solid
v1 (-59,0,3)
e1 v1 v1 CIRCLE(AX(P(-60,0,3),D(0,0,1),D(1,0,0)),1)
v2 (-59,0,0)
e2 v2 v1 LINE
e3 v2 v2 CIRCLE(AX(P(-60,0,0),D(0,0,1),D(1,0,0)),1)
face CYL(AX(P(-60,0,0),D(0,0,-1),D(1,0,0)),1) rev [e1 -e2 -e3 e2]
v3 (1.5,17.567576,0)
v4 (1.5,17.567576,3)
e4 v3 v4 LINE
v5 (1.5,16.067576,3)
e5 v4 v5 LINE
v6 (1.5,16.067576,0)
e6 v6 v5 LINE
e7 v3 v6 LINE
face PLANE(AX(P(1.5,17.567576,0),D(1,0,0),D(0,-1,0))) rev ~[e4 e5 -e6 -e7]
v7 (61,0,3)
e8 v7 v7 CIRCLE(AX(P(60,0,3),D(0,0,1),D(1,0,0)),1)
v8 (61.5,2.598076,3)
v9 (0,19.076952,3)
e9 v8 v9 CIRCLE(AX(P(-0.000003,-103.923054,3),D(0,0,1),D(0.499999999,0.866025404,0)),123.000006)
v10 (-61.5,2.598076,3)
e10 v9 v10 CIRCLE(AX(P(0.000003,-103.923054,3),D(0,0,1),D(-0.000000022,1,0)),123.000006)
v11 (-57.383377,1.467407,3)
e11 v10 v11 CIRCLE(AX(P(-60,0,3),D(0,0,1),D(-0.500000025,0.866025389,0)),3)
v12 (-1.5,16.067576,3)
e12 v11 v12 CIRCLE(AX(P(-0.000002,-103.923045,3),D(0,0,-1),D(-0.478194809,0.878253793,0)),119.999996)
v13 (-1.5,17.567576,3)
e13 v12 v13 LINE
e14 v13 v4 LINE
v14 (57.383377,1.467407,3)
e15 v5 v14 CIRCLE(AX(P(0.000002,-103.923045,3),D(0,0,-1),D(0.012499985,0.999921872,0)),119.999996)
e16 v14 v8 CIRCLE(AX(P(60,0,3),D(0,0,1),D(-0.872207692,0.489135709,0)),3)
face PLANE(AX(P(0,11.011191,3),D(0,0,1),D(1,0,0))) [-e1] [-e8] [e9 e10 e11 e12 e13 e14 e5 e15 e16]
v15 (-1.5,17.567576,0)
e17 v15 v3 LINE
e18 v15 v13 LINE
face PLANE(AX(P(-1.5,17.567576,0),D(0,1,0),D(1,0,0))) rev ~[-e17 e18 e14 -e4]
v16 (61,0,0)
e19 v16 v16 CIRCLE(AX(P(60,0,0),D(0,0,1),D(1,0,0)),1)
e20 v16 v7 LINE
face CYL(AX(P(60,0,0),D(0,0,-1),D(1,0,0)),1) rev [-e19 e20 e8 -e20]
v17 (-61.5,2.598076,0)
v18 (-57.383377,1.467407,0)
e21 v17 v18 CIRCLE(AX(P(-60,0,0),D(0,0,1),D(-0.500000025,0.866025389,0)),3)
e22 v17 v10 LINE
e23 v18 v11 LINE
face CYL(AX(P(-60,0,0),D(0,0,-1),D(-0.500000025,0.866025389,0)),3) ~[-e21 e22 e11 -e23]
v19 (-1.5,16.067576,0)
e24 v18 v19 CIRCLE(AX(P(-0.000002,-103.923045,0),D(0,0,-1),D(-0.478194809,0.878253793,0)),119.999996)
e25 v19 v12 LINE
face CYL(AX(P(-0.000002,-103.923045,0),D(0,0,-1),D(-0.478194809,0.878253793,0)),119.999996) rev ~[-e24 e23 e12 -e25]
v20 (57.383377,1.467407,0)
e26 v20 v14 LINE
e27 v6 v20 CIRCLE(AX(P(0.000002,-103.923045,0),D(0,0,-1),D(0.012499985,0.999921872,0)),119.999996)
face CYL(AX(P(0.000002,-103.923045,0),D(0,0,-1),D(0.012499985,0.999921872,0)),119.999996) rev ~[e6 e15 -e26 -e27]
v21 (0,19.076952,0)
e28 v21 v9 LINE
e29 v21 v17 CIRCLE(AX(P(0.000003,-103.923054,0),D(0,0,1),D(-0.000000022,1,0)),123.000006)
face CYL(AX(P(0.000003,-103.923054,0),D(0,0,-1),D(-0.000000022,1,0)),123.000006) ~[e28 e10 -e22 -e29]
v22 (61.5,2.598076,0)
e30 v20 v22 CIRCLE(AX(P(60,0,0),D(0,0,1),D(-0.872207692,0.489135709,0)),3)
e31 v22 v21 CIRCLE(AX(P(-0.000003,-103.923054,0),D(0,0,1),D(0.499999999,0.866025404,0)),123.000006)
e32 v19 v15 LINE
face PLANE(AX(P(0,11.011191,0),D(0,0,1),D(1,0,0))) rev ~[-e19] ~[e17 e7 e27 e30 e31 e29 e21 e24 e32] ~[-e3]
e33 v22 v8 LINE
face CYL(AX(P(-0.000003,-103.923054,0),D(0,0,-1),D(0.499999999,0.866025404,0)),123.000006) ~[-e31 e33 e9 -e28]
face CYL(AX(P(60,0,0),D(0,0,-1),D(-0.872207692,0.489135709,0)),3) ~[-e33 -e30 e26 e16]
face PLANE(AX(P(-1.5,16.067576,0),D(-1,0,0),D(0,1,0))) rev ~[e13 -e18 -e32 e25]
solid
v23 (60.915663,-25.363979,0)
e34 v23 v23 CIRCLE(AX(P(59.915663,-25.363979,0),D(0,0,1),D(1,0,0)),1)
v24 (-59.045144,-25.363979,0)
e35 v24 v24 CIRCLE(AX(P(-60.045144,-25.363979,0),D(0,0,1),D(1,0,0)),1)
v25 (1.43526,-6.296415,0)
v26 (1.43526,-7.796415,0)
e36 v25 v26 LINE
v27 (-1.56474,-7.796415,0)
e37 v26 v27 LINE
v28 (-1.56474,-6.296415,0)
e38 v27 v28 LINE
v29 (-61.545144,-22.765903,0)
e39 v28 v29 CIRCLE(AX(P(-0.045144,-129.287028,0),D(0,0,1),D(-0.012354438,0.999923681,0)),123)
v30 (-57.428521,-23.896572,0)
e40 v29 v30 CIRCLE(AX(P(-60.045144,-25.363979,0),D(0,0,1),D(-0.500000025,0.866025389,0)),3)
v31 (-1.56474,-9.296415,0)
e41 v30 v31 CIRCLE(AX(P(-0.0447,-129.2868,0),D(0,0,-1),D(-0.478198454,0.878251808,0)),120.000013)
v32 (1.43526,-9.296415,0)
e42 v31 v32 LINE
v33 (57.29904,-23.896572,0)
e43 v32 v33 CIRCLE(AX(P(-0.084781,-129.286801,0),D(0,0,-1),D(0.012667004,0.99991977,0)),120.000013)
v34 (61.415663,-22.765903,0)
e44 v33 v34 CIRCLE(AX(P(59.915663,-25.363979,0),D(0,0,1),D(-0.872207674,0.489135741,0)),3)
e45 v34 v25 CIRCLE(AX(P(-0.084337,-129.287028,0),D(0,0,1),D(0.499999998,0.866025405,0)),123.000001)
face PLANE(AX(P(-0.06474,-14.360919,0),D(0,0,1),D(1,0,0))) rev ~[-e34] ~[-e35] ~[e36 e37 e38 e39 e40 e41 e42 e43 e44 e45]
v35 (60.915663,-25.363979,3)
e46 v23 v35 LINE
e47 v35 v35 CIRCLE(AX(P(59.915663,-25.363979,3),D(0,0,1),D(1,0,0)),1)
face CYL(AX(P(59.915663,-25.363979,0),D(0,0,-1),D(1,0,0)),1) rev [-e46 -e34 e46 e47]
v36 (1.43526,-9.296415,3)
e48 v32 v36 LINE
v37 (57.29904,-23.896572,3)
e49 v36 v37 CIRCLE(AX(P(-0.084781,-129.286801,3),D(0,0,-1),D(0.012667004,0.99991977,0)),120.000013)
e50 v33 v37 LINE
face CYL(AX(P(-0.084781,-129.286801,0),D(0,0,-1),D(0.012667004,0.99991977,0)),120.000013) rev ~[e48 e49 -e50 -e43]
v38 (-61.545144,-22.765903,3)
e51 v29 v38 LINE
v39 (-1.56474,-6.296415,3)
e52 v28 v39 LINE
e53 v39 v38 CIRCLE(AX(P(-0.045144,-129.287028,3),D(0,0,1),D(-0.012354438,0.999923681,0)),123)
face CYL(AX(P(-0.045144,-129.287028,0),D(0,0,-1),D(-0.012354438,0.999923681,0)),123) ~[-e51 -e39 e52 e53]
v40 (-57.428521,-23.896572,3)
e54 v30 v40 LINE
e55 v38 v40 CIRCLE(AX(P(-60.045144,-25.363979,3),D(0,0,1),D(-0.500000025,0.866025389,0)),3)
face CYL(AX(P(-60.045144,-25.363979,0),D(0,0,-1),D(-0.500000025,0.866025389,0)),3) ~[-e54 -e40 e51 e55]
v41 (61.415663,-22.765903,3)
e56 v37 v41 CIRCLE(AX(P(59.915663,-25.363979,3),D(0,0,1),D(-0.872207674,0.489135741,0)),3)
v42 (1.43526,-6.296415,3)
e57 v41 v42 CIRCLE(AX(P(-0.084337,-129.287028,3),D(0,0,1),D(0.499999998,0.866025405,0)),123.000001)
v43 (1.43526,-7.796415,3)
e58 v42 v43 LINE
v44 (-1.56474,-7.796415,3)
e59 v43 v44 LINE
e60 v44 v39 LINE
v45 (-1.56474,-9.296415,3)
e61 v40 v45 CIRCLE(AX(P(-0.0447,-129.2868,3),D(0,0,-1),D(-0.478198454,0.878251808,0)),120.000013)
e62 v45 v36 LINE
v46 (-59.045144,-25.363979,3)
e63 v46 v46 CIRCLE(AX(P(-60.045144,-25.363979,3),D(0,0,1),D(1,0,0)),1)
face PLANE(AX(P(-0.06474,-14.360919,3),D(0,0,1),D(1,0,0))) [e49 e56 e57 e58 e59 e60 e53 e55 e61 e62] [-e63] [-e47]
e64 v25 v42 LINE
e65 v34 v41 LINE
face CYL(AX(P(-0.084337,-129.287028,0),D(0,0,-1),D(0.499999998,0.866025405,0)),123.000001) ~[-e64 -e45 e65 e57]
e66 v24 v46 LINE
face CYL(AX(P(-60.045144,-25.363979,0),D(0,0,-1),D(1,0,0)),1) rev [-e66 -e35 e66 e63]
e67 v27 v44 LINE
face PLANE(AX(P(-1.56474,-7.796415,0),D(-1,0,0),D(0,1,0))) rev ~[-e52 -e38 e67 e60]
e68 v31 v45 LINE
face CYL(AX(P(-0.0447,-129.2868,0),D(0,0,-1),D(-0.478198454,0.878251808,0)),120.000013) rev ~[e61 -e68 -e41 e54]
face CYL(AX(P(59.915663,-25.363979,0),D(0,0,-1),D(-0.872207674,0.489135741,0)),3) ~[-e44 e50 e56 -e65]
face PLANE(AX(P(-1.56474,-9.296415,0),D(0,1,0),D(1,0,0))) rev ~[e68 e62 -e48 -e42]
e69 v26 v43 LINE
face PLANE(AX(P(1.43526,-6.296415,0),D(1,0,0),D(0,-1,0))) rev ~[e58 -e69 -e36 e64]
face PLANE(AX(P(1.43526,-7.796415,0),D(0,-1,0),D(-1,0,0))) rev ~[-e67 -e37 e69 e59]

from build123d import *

# Parameters (mm, degrees)
F0_R     = 1
F1_DEPTH = 3


with BuildPart() as f1:
    # F0 (on Top) → F1 (new body)
    with BuildSketch(Plane.XY):
        with BuildLine():
            ThreePointArc((61.5, 2.598076), (31.834743, 14.885828), (0, 19.076952))
            ThreePointArc((0, 19.076952), (-31.834743, 14.885828), (-61.5, 2.598076))
            ThreePointArc((-61.5, 2.598076), (-60.794553, -2.892868), (-57.383377, 1.467407))
            ThreePointArc((-57.383377, 1.467407), (-30.33322, 12.179905), (-1.5, 16.067576))
            Line((-1.5, 16.067576), (-1.5, 17.567576))
            Line((-1.5, 17.567576), (0, 17.567576))
            Line((0, 17.567576), (1.5, 17.567576))
            Line((1.5, 17.567576), (1.5, 16.067576))
            ThreePointArc((1.5, 16.067576), (30.33322, 12.179905), (57.383377, 1.467407))
            ThreePointArc((57.383377, 1.467407), (60.794553, -2.892868), (61.5, 2.598076))
        make_face()
        with Locations((-60, 0)):
            Circle(F0_R, mode=Mode.SUBTRACT)
        with Locations((60, 0)):
            Circle(F0_R, mode=Mode.SUBTRACT)
        with BuildLine():
            Line((-1.56474, -7.796415), (-1.56474, -6.296415))
            ThreePointArc((-1.56474, -6.296415), (-32.613202, -10.677072), (-61.545144, -22.765903))
            ThreePointArc((-61.545144, -22.765903), (-60.839697, -28.256847), (-57.428521, -23.896572))
            ThreePointArc((-57.428521, -23.896572), (-30.38786, -13.186431), (-1.56474, -9.296415))
            Line((-1.56474, -9.296415), (1.43526, -9.296415))
            ThreePointArc((1.43526, -9.296415), (30.258379, -13.186431), (57.29904, -23.896572))
            ThreePointArc((57.29904, -23.896572), (60.710217, -28.256847), (61.415663, -22.765903))
            ThreePointArc((61.415663, -22.765903), (32.483721, -10.677072), (1.43526, -6.296415))
            Line((1.43526, -6.296415), (1.43526, -7.796415))
            Line((1.43526, -7.796415), (-0.06474, -7.796415))
            Line((-0.06474, -7.796415), (-1.56474, -7.796415))
        make_face()
        with Locations((-60.045144, -25.363979)):
            Circle(F0_R, mode=Mode.SUBTRACT)
        with Locations((59.915663, -25.363979)):
            Circle(F0_R, mode=Mode.SUBTRACT)
    extrude(amount=F1_DEPTH)


solid = f1.part
